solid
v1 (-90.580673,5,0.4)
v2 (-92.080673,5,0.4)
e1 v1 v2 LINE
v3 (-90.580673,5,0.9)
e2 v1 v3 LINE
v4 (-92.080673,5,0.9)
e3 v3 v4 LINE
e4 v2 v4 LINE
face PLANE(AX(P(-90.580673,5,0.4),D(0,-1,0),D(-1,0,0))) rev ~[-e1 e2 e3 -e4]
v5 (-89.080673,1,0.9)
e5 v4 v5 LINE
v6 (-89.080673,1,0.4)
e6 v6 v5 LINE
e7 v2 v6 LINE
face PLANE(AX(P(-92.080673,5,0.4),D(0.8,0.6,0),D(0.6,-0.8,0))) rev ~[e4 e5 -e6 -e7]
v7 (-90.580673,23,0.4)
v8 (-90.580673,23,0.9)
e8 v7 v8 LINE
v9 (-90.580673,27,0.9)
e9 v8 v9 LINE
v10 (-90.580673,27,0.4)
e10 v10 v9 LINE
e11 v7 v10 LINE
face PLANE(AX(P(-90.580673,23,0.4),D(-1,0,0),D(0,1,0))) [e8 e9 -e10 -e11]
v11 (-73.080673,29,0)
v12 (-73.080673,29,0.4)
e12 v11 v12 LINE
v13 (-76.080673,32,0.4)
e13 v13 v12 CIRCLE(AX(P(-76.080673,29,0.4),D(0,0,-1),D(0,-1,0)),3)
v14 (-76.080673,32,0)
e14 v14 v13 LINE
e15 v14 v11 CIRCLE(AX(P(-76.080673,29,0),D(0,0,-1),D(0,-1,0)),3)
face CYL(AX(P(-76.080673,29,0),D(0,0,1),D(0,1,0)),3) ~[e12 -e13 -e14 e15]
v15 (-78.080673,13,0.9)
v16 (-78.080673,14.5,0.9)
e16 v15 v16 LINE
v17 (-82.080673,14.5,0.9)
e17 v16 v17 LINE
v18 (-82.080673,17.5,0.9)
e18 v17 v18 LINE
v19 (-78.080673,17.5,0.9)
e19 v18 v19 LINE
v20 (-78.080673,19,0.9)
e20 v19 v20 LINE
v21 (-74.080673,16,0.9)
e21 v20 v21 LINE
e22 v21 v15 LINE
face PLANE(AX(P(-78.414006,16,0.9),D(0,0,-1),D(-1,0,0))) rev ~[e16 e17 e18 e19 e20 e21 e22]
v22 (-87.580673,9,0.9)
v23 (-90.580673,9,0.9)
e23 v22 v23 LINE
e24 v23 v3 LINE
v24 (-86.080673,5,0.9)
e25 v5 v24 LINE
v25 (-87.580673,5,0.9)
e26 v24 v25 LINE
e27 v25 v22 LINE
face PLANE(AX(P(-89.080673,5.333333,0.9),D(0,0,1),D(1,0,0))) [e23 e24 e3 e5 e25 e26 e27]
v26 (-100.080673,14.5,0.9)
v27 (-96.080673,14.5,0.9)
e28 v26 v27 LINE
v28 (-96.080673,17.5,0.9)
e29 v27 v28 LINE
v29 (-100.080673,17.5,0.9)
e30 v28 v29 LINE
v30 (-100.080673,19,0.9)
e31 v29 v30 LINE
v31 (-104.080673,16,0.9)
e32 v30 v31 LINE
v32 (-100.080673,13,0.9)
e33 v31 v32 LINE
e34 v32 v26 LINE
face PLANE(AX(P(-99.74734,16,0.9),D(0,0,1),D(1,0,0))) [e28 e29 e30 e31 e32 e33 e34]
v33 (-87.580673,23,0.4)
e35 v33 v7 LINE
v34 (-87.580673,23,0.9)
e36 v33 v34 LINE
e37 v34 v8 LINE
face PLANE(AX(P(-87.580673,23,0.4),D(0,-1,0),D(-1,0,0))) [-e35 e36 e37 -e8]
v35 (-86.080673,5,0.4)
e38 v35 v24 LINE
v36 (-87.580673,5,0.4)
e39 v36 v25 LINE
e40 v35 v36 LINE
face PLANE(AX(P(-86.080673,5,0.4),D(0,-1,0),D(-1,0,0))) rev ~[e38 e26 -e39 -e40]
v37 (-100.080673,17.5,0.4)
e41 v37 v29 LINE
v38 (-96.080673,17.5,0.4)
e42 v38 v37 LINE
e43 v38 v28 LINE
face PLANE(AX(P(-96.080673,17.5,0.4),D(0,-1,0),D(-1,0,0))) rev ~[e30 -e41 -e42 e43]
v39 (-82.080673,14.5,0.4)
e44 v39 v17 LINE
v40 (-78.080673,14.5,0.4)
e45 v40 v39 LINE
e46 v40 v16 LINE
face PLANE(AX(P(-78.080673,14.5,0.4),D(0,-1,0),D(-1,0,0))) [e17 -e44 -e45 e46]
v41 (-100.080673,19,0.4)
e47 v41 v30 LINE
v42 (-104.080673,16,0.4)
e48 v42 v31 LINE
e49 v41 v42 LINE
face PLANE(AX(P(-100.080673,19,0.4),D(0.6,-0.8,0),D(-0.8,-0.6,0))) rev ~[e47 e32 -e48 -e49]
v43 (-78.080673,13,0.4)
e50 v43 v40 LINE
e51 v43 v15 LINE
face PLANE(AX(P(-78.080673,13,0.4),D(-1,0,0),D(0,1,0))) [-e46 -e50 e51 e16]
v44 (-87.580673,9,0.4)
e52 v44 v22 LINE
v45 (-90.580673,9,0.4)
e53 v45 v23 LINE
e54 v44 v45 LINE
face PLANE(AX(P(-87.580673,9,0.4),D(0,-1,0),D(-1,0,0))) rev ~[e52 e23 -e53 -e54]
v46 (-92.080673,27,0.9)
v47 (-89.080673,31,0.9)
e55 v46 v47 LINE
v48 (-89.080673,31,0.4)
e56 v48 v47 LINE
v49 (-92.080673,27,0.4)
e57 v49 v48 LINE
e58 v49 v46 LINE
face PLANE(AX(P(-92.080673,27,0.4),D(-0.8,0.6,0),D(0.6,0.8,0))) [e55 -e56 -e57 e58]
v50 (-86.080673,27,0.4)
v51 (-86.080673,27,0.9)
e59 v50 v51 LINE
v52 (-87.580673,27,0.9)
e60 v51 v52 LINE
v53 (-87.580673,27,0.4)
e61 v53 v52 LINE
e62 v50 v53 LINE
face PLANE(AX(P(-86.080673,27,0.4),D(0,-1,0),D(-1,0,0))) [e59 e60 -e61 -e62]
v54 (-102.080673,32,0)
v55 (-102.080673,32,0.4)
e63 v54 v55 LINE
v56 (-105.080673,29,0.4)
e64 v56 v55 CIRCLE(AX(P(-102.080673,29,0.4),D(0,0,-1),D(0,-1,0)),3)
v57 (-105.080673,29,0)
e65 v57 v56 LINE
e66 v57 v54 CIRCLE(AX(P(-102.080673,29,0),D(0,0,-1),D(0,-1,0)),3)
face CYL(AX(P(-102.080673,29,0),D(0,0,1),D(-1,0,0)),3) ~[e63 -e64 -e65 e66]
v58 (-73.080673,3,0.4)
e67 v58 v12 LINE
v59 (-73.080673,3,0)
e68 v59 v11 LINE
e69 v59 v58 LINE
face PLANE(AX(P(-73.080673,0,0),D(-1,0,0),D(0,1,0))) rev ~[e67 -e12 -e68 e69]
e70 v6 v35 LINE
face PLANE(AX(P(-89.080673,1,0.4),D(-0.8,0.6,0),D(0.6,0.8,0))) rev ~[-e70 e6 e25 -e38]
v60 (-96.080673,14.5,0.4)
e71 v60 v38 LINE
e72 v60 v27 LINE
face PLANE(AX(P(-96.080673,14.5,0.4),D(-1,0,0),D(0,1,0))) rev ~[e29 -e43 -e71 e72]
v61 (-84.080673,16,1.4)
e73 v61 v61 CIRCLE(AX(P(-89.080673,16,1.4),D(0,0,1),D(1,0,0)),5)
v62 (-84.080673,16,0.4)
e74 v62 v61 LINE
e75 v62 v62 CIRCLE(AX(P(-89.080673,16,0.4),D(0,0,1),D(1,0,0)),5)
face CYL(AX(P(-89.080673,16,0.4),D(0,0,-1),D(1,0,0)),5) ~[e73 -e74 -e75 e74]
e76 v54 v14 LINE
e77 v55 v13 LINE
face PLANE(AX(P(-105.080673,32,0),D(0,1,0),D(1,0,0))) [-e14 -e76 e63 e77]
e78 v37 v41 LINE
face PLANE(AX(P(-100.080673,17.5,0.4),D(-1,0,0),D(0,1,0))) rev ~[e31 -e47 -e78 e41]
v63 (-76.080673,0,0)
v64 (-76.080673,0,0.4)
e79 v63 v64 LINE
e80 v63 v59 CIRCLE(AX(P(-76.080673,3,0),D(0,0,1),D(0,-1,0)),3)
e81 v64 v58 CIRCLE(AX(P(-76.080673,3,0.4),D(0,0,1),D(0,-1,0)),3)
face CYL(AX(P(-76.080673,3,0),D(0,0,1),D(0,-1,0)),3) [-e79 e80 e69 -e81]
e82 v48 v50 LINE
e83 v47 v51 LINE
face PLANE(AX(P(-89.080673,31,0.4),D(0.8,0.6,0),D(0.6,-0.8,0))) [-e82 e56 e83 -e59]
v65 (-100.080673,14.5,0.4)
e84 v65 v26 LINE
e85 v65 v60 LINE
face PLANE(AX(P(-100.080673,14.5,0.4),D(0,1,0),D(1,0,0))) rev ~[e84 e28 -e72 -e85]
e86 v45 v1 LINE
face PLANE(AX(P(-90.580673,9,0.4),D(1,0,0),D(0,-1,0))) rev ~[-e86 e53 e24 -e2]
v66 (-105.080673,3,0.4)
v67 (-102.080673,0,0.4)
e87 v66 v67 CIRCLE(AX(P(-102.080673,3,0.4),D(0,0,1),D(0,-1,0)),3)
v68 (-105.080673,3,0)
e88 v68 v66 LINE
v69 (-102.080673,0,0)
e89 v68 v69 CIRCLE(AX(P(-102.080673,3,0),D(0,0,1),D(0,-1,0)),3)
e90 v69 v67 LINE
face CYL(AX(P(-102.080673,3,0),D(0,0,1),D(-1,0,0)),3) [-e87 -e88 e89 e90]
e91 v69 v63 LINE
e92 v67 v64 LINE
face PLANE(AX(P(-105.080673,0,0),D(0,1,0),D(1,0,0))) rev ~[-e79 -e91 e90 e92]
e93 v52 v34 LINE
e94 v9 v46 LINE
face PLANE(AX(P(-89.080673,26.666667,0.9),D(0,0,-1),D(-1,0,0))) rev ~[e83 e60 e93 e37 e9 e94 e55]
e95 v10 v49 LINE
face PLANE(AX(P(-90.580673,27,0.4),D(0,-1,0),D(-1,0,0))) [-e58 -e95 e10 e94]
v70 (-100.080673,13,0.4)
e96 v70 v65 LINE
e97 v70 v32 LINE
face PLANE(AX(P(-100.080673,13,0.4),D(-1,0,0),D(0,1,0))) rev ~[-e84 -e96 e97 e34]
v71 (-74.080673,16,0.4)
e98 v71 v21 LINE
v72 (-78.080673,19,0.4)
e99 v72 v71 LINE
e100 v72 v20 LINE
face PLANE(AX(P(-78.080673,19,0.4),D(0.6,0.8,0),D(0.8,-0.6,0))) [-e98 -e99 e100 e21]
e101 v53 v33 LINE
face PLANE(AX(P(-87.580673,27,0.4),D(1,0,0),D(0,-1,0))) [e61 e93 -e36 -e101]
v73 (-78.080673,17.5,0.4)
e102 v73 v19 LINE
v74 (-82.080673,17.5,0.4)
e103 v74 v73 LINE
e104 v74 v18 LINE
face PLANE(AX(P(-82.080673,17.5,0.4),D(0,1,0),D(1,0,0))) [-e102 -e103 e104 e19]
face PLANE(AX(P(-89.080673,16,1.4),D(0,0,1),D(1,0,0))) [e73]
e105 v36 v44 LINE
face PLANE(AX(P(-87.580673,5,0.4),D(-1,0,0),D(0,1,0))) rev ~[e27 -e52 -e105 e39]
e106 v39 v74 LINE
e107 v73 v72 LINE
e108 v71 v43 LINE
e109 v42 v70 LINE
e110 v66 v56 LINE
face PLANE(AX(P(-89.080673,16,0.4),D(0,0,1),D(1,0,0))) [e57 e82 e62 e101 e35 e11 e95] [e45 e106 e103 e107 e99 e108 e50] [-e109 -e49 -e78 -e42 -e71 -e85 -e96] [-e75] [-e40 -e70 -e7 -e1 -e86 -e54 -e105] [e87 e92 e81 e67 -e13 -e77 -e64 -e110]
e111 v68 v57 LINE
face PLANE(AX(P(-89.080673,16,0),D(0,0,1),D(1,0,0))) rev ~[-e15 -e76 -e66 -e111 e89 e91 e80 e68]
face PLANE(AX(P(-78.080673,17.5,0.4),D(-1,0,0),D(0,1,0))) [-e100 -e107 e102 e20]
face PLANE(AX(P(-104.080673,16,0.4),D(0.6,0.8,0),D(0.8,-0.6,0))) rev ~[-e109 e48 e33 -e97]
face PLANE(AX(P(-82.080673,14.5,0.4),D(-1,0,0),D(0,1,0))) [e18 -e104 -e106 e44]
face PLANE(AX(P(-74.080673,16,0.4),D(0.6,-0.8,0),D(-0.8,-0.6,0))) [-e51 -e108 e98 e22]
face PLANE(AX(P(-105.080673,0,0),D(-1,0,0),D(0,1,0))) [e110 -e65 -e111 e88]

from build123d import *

# Parameters (mm, degrees)
SKETCH032_W  = 32
SKETCH032_H  = 32
PAD014_DEPTH = 0.4
PAD015_DEPTH = 0.5
PAD016_DEPTH = 0.5
SKETCH035_R  = 5
PAD017_DEPTH = 1
FILLET005_R  = 3


with BuildPart() as part:
    # Sketch032 → Pad014 (new body)
    with BuildSketch(Plane.XY):
        with Locations((-89.080673, 16)):
            Rectangle(SKETCH032_W, SKETCH032_H)
    extrude(amount=PAD014_DEPTH)

    # Sketch033 (on Face6 of Pad014) → Pad015 (join)
    with BuildSketch(Plane.XY.offset(0.4)):
        Polygon((-89.080673, 31), (-86.080673, 27), (-87.580673, 27), (-87.580673, 23), (-90.580673, 23), (-90.580673, 27), (-92.080673, 27), align=None)
        Polygon((-89.080673, 1), (-86.080673, 5), (-87.580673, 5), (-87.580673, 9), (-90.580673, 9), (-90.580673, 5), (-92.080673, 5), align=None)
    extrude(amount=PAD015_DEPTH)

    # Sketch034 (on Face5 of Pad015) → Pad016 (join)
    with BuildSketch(Plane.XY.offset(0.4)):
        Polygon((-74.080673, 16), (-78.080673, 13), (-78.080673, 14.5), (-82.080673, 14.5), (-82.080673, 17.5), (-78.080673, 17.5), (-78.080673, 19), align=None)
        Polygon((-104.080673, 16), (-100.080673, 13), (-100.080673, 14.5), (-96.080673, 14.5), (-96.080673, 17.5), (-100.080673, 17.5), (-100.080673, 19), align=None)
    extrude(amount=PAD016_DEPTH)

    # Sketch035 (on Face5 of Pad016) → Pad017 (join)
    with BuildSketch(Plane.XY.offset(0.4)):
        with Locations((-89.080673, 16)):
            Circle(SKETCH035_R)
    extrude(amount=PAD017_DEPTH)

    # Fillet005
    fillet005_edges = [part.edges().sort_by_distance(p)[0] for p in [
        (-105.080673, 0, 0.2),
        (-105.080673, 32, 0.2),
        (-73.080673, 32, 0.2),
        (-73.080673, 0, 0.2),
    ]]
    fillet(fillet005_edges, radius=FILLET005_R)


solid = part.part
